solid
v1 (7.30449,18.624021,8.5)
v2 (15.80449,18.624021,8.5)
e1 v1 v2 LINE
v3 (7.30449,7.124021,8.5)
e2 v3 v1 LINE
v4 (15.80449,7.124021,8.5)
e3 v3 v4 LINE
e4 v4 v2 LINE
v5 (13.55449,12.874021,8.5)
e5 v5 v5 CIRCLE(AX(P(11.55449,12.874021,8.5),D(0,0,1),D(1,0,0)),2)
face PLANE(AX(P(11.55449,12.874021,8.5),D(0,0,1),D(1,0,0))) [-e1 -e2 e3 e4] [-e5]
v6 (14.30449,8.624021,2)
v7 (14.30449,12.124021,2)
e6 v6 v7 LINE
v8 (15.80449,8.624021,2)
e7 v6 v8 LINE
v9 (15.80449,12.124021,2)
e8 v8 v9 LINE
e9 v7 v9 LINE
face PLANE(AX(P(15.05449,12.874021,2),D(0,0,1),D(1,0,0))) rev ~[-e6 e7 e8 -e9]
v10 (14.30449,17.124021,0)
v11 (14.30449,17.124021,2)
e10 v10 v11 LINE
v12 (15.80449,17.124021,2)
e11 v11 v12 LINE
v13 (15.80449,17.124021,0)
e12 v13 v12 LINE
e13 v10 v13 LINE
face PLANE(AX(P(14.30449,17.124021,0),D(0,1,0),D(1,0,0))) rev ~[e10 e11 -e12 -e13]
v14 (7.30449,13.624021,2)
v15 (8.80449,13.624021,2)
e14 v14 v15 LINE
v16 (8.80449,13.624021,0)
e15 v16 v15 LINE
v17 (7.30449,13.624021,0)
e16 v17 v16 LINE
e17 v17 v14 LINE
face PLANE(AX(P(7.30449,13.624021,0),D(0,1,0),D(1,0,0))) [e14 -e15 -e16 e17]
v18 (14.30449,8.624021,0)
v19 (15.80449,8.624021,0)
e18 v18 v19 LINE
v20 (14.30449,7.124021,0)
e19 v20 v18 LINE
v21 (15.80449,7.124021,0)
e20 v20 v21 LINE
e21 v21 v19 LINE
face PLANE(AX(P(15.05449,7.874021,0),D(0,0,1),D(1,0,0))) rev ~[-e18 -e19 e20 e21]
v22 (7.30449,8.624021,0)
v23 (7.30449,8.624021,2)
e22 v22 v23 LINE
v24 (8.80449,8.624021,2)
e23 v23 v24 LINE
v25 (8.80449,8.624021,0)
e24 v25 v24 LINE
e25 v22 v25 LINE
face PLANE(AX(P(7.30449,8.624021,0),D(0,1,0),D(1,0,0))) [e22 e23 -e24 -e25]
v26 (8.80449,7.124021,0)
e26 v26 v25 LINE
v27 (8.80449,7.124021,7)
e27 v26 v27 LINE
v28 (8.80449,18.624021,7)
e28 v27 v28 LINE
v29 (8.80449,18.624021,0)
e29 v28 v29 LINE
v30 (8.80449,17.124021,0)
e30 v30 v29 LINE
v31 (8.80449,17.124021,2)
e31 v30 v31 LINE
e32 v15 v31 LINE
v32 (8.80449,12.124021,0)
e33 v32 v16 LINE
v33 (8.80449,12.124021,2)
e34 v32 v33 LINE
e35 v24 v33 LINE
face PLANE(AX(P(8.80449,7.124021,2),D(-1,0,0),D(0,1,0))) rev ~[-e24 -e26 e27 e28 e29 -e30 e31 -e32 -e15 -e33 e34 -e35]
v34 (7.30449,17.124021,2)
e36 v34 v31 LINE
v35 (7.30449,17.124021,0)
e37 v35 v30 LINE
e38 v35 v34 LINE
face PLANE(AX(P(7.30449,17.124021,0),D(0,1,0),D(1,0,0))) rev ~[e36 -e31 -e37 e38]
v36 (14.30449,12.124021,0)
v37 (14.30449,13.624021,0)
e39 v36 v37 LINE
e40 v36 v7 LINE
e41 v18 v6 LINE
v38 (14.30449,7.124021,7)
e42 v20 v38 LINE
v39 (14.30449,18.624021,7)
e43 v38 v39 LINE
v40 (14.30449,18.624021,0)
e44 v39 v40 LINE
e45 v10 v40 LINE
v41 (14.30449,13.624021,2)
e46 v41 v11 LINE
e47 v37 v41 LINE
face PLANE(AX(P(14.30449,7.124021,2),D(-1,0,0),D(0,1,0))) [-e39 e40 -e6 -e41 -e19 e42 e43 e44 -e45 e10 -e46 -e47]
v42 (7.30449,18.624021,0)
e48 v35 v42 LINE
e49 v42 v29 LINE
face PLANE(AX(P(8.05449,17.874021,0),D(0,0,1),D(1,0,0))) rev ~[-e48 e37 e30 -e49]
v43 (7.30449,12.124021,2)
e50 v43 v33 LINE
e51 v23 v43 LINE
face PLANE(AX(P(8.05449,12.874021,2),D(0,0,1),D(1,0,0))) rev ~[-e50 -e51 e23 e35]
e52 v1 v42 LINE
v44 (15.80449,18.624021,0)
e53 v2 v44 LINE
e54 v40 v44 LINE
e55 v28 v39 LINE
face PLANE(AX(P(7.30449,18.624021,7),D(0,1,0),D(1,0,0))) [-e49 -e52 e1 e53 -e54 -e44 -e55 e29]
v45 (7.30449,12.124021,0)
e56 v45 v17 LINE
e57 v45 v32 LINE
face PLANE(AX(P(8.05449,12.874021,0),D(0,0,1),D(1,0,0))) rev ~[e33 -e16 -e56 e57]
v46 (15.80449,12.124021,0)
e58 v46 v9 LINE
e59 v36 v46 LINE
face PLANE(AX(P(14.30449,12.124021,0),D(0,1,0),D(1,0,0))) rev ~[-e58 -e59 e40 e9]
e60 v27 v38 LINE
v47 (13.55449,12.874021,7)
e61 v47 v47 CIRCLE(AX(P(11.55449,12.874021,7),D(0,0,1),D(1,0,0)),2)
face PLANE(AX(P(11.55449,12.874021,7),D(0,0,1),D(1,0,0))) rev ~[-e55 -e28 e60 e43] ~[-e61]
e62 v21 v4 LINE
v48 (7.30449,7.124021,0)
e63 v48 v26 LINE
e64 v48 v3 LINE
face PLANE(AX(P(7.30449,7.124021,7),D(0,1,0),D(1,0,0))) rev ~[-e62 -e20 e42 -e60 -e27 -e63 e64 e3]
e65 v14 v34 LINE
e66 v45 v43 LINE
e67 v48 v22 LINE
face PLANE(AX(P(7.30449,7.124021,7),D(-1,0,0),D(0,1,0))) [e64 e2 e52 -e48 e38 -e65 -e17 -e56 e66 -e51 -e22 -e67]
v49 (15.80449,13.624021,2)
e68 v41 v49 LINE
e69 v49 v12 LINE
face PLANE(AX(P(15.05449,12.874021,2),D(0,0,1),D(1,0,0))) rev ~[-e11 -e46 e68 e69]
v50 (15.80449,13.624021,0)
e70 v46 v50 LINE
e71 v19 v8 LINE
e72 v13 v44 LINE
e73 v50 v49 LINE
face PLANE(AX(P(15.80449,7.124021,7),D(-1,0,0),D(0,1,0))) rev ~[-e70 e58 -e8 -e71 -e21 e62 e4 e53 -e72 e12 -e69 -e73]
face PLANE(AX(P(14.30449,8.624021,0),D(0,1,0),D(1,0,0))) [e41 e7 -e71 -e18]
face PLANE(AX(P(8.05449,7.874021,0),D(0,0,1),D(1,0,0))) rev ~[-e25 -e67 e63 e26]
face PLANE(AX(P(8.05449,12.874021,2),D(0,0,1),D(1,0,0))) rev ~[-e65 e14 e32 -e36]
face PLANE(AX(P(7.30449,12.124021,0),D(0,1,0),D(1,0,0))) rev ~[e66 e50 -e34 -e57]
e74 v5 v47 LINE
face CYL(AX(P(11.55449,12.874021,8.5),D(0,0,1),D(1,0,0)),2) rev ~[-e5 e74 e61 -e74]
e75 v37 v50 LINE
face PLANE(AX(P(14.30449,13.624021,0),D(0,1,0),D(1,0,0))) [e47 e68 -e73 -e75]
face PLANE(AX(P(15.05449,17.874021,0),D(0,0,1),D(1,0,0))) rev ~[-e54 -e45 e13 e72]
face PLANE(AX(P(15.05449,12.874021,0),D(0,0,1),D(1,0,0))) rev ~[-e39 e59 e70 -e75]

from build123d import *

# Parameters (mm, degrees)
F0_W     = 1.5
F0_H     = 1.5
F1_DEPTH = 2
F2_W     = 1.5
F2_H     = 11.5
F3_DEPTH = 5
F4_W     = 8.5
F4_H     = 11.5
F5_DEPTH = 1.5
F6_R     = 2
F7_DEPTH = 25


with BuildPart() as f1:
    # F0 (on Top) → F1 (new body)
    with BuildSketch(Plane.XY):
        with Locations((8.05449, 7.874021)):
            Rectangle(F0_W, F0_H)
        with Locations((8.05449, 12.874021)):
            Rectangle(F0_W, F0_H)
        with Locations((8.05449, 17.874021)):
            Rectangle(F0_W, F0_H)
        with Locations((15.05449, 7.874021)):
            Rectangle(F0_W, F0_H)
        with Locations((15.05449, 12.874021)):
            Rectangle(F0_W, F0_H)
        with Locations((15.05449, 17.874021)):
            Rectangle(F0_W, F0_H)
    extrude(amount=F1_DEPTH)

    # F2 (on face) → F3 (join)
    with BuildSketch(Plane.XY.offset(2)):
        with Locations((8.05449, 12.874021)):
            Rectangle(F2_W, F2_H)
        with Locations((15.05449, 12.874021)):
            Rectangle(F2_W, F2_H)
    extrude(amount=F3_DEPTH)

    # F4 (on face) → F5 (join)
    with BuildSketch(Plane.XY.offset(7)):
        with Locations((11.55449, 12.874021)):
            Rectangle(F4_W, F4_H)
    extrude(amount=F5_DEPTH)

    # F6 (on face) → F7 (cut)
    with BuildSketch(Plane.XY.offset(8.5)):
        with Locations((11.55449, 12.874021)):
            Circle(F6_R)
    extrude(amount=-F7_DEPTH, mode=Mode.SUBTRACT)


solid = f1.part
